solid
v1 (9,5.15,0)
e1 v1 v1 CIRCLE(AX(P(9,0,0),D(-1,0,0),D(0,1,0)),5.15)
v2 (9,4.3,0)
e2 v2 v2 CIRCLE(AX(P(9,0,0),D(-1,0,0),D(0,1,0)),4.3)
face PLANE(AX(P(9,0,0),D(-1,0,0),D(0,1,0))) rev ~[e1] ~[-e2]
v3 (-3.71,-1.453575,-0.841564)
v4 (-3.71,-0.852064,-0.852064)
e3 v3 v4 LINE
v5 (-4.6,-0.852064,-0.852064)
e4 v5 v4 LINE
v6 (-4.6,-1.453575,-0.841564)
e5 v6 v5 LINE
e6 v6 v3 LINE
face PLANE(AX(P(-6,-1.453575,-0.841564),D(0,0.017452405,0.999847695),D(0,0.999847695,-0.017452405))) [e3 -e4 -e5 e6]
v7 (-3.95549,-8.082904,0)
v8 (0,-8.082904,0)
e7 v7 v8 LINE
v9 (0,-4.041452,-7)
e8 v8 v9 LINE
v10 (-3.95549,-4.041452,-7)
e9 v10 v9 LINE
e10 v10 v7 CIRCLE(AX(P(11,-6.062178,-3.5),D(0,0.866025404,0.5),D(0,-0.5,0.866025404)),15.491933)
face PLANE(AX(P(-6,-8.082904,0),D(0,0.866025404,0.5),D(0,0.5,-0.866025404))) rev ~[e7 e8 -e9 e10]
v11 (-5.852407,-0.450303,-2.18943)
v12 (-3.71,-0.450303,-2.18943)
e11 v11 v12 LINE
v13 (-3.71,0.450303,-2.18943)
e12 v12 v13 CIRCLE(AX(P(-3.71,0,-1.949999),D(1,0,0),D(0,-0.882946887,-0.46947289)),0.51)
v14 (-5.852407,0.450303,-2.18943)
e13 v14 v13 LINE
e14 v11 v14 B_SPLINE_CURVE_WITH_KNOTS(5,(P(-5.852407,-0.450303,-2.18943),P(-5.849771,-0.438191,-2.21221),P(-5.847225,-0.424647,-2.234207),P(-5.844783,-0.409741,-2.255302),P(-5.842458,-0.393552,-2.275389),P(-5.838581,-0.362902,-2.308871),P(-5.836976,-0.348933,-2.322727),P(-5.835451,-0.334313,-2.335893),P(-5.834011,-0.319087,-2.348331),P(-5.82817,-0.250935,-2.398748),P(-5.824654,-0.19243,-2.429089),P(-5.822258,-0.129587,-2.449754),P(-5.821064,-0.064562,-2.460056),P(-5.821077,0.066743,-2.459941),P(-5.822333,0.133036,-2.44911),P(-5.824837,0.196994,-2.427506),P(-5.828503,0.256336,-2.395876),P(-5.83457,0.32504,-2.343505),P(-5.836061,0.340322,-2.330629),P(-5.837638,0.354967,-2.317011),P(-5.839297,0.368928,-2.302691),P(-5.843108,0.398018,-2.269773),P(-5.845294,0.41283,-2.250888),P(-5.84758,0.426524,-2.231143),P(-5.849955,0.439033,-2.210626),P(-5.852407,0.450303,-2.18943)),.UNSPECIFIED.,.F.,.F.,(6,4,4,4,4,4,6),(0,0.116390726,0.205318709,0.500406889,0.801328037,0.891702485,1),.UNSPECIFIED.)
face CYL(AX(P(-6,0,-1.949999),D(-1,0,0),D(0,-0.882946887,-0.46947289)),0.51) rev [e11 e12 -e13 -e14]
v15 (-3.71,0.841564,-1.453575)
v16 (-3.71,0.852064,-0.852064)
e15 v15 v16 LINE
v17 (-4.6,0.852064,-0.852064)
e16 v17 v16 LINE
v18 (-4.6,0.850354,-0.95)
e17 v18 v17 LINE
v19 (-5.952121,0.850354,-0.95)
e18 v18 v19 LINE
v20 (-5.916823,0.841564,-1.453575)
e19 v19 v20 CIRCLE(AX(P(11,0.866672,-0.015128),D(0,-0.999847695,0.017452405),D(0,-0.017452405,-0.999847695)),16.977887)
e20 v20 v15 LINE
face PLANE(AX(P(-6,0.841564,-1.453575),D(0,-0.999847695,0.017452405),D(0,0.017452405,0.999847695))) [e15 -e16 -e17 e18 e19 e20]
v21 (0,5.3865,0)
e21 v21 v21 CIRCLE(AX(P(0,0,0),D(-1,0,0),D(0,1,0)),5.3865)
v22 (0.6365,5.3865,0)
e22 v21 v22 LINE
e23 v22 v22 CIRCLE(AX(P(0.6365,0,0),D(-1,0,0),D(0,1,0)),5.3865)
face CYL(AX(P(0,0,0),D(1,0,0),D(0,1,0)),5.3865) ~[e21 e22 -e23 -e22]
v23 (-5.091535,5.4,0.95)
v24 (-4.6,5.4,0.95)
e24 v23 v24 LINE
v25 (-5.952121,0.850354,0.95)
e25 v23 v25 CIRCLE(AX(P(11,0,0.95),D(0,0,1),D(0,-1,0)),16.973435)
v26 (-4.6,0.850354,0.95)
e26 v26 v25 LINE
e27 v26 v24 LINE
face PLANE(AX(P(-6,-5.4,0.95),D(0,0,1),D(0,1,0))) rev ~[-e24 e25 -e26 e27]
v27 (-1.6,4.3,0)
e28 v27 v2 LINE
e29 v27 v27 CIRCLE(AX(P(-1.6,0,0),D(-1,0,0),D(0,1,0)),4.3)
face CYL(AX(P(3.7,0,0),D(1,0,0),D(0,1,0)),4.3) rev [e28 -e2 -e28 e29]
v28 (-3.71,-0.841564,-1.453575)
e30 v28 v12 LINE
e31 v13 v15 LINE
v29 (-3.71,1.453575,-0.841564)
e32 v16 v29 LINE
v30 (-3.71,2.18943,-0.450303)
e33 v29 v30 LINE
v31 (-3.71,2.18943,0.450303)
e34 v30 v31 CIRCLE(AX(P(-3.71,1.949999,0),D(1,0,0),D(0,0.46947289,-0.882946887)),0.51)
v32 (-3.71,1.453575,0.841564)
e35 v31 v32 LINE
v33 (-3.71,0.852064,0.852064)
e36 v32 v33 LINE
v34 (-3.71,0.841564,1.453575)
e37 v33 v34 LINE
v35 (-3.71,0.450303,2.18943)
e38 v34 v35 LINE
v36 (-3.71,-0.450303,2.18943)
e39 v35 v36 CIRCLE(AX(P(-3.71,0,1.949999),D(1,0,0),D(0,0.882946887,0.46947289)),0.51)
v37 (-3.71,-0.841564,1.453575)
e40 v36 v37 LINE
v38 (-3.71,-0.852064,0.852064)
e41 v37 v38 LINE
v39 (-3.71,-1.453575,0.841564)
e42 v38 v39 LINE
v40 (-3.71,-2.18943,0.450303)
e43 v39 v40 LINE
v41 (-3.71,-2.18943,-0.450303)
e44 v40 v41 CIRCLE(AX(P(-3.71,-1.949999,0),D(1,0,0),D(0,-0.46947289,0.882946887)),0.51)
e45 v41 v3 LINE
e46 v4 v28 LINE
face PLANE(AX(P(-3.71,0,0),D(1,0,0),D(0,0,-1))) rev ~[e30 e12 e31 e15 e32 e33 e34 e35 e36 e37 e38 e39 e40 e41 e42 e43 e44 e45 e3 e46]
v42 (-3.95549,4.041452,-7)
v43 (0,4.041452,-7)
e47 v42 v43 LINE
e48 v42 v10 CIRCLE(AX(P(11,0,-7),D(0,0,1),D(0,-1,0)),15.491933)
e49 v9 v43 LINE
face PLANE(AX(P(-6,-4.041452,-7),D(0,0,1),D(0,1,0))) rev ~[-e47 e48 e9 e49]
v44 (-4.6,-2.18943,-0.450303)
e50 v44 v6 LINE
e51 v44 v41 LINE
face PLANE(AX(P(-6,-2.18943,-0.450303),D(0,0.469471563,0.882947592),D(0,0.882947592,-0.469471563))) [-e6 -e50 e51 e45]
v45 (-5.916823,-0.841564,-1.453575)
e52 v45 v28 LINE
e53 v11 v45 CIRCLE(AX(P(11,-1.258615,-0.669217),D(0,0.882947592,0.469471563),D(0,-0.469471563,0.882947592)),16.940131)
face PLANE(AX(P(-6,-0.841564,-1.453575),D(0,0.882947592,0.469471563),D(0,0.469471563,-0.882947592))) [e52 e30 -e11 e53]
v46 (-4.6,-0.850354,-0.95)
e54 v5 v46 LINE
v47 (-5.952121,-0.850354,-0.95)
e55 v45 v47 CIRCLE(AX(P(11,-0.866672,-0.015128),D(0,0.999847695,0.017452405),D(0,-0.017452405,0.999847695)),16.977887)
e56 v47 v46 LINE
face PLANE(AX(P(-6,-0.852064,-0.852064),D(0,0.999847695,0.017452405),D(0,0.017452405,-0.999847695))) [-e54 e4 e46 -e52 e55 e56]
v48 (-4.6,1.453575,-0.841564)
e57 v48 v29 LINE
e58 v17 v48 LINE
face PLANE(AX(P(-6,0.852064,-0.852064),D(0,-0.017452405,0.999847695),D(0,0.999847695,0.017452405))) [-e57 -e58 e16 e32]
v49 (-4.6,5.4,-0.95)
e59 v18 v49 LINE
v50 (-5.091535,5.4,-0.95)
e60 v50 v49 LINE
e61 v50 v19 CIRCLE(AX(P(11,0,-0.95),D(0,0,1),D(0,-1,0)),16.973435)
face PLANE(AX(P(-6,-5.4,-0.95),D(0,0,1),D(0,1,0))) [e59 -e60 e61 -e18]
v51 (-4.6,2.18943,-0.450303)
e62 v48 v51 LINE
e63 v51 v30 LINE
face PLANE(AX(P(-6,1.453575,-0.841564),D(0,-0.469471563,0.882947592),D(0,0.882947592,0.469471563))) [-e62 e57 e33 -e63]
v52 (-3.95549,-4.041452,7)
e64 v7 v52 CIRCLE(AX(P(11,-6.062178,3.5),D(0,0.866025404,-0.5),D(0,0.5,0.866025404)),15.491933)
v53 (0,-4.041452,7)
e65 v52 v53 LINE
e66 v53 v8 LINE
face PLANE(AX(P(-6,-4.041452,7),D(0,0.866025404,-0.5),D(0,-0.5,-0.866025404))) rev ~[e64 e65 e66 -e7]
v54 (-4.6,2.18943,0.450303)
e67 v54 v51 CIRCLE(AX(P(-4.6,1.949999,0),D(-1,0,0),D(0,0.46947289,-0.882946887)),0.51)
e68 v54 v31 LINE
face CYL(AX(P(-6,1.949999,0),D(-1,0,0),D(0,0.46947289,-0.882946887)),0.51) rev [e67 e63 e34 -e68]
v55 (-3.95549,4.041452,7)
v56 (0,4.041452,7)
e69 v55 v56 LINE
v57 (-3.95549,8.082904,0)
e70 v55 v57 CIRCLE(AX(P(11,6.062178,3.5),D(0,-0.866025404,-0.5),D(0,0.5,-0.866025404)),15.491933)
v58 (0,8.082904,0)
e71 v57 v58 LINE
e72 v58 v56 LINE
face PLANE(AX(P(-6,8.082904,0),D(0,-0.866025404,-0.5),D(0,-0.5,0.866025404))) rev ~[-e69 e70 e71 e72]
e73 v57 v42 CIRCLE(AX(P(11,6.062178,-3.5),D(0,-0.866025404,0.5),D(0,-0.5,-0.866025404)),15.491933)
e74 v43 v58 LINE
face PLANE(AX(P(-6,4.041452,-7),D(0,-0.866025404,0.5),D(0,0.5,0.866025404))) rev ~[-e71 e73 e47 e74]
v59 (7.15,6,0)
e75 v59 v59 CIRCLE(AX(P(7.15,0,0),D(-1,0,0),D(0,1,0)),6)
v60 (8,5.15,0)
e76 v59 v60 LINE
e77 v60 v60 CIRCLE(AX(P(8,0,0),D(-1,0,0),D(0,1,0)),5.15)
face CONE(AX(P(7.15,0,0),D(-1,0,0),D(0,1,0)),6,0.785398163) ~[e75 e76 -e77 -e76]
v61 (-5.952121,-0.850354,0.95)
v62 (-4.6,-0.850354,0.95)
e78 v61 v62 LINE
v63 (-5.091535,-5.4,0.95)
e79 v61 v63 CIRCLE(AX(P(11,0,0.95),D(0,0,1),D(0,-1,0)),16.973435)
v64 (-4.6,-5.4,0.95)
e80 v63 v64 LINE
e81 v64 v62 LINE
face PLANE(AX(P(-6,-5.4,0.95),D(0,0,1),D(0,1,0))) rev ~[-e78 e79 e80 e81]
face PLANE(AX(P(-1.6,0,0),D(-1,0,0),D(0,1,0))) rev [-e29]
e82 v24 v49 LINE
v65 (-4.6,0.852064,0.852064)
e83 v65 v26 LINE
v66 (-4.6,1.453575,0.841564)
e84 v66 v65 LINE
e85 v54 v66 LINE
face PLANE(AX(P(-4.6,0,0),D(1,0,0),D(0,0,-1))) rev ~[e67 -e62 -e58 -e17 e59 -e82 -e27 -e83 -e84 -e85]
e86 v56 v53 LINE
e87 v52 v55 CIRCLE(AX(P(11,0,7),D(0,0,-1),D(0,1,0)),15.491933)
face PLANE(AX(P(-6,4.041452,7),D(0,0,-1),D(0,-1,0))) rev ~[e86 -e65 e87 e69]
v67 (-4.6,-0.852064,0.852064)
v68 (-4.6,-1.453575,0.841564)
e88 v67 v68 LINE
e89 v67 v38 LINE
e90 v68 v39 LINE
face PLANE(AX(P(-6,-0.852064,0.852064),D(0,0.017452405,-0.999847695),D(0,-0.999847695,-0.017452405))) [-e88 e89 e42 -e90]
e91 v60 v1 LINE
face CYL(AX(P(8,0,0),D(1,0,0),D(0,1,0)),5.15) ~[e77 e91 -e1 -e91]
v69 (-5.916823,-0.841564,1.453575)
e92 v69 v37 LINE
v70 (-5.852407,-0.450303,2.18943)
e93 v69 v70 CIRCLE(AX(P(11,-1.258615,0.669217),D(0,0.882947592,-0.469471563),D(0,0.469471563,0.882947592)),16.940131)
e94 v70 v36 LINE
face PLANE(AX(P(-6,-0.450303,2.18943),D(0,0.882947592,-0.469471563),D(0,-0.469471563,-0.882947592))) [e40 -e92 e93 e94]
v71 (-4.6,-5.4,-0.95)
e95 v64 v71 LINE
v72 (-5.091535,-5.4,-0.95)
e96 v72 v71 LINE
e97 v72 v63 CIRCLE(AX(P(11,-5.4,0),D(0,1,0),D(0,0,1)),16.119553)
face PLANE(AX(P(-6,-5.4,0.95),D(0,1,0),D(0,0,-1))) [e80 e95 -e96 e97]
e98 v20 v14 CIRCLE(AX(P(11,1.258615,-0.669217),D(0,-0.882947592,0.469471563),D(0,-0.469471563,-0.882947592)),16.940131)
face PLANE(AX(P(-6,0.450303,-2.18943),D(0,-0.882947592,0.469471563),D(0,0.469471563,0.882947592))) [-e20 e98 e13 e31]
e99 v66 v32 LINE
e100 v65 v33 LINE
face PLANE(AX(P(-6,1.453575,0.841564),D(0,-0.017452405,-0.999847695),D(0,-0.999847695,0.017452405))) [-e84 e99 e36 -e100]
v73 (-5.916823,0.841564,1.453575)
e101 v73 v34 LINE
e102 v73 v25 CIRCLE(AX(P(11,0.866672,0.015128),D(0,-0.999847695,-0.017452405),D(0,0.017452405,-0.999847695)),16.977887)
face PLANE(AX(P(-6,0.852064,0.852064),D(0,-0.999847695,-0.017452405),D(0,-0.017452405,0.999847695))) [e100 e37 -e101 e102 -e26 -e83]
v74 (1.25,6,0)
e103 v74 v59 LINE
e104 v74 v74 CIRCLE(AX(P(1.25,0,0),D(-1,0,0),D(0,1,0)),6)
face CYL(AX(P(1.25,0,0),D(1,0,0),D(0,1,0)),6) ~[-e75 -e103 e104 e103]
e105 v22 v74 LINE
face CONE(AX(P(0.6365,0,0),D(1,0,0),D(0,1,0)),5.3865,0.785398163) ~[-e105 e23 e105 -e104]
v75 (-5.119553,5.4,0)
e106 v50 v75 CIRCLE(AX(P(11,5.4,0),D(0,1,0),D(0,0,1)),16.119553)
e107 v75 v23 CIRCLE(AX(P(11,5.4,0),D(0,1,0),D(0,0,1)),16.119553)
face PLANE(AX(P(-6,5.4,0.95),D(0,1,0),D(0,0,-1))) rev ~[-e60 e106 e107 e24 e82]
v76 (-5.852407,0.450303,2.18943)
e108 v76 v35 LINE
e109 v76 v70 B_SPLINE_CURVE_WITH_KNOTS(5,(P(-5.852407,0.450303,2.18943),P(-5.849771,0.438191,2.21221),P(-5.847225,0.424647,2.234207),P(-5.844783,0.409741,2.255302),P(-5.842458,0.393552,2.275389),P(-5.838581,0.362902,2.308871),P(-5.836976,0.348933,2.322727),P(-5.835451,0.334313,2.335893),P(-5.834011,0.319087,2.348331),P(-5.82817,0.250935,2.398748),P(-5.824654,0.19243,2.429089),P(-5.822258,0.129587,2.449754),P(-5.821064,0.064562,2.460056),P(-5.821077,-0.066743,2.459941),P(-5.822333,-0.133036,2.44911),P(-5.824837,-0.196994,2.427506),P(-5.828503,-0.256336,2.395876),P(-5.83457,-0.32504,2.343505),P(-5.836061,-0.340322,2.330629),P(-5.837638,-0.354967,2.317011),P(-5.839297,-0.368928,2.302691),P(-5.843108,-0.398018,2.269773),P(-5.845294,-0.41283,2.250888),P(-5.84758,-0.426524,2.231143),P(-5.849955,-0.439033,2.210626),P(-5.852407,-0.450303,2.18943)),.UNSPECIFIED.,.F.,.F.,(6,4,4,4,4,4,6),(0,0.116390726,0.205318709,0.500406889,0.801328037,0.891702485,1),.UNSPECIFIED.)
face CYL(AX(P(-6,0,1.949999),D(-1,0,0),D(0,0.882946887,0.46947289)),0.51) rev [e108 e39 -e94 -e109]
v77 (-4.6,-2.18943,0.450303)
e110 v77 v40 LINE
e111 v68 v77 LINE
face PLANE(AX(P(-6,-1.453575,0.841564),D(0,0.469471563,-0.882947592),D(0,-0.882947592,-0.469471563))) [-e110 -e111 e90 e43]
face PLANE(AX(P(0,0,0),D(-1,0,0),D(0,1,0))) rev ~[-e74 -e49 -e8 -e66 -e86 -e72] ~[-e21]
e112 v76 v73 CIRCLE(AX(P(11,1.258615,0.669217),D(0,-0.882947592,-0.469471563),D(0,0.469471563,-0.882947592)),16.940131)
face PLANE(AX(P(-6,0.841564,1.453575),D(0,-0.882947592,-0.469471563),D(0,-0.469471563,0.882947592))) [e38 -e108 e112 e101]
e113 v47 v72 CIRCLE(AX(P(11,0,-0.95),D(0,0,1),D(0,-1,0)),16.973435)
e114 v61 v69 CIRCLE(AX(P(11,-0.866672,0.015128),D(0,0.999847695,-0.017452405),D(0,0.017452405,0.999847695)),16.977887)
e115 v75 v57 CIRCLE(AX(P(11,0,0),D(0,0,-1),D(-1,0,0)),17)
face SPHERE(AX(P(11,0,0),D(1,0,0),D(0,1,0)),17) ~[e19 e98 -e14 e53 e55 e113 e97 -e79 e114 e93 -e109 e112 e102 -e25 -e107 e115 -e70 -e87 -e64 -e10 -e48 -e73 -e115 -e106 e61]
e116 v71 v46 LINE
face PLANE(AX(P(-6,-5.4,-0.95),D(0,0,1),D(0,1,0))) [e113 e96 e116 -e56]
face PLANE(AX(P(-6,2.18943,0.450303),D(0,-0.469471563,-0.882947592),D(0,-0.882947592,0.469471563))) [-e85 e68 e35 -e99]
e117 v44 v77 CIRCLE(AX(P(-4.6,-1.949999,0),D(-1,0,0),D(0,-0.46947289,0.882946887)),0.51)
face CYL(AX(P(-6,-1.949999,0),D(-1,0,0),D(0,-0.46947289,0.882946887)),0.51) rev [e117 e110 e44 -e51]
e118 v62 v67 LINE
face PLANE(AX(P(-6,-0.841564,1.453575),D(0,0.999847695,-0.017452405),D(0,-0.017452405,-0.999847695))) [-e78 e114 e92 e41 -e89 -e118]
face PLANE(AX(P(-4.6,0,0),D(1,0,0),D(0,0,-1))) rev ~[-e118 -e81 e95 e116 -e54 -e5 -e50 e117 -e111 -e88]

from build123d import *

# Parameters (mm, degrees)
SKETCH2_W          = 10.6
SKETCH2_H          = 4.3
SKETCH3_W          = 40
SKETCH3_H          = 40
CUT_EXTRUDE1_DEPTH = 6.5
CUT_EXTRUDE2_DEPTH = 2.29
SKETCH5_W          = 1.9
SKETCH5_H          = 10.8
CUT_EXTRUDE3_DEPTH = 1.4


with BuildPart() as part:
    # Sketch1 → Revolve1 (revolve)
    with BuildSketch(Plane.XY):
        with BuildLine():
            Line((-2.490737563, 10), (0, 10))
            Line((0, 10), (0, 5.3865))
            Line((0, 5.3865), (0.6365, 5.3865))
            Line((0.6365, 5.3865), (1.25, 6))
            Line((1.25, 6), (7.15, 6))
            Line((7.15, 6), (8, 5.15))
            Line((8, 5.15), (9, 5.15))
            Line((9, 5.15), (9, 0))
            Line((9, 0), (-6, 0))
            ThreePointArc((-6, 0), (-5.206361598, 5.133599494), (-2.899547792, 9.787878788))
            ThreePointArc((-2.899547792, 9.787878788), (-2.721020656, 9.943812682), (-2.490737563, 10))
        make_face()
    revolve(axis=Axis((9, 0, 0), (-1, 0, 0)))

    # Sketch2 → Cut-Revolve1 (revolve, cut)
    with BuildSketch(Plane.XY):
        with Locations((3.7, 2.15)):
            Rectangle(SKETCH2_W, SKETCH2_H)
    revolve(axis=Axis((9, 0, 0), (-1, 0, 0)), mode=Mode.SUBTRACT)

    # Sketch3 → Cut-Extrude1 (cut)
    with BuildSketch(Plane(origin=(-6, 0, 0), x_dir=(0, 0, -1), z_dir=(1, 0, 0))):
        Rectangle(SKETCH3_W, SKETCH3_H)
        Polygon((-7, -4.041451884), (0, -8.082903769), (7, -4.041451884), (7, 4.041451884), (0, 8.082903769), (-7, 4.041451884), align=None, mode=Mode.SUBTRACT)
    extrude(amount=CUT_EXTRUDE1_DEPTH, mode=Mode.SUBTRACT)

    # Sketch4 → Cut-Extrude2 (cut)
    with BuildSketch(Plane(origin=(-6, 0, 0), x_dir=(0, 0, -1), z_dir=(1, 0, 0))):
        with BuildLine():
            Line((-2.189430305, -0.450302912), (-1.45357474, -0.841564257))
            Line((-1.45357474, -0.841564257), (-0.852063671, -0.852063671))
            Line((-0.852063671, -0.852063671), (-0.841564257, -1.45357474))
            Line((-0.841564257, -1.45357474), (-0.450302912, -2.189430305))
            ThreePointArc((-0.450302912, -2.189430305), (0, -2.459999131), (0.450302912, -2.189430305))
            Line((0.450302912, -2.189430305), (0.841564257, -1.45357474))
            Line((0.841564257, -1.45357474), (0.852063671, -0.852063671))
            Line((0.852063671, -0.852063671), (1.45357474, -0.841564257))
            Line((1.45357474, -0.841564257), (2.189430305, -0.450302912))
            ThreePointArc((2.189430305, -0.450302912), (2.459999131, 0), (2.189430305, 0.450302912))
            Line((2.189430305, 0.450302912), (1.45357474, 0.841564257))
            Line((1.45357474, 0.841564257), (0.852063671, 0.852063671))
            Line((0.852063671, 0.852063671), (0.841564257, 1.45357474))
            Line((0.841564257, 1.45357474), (0.450302912, 2.189430305))
            ThreePointArc((0.450302912, 2.189430305), (0, 2.459999131), (-0.450302912, 2.189430305))
            Line((-0.450302912, 2.189430305), (-0.841564257, 1.45357474))
            Line((-0.841564257, 1.45357474), (-0.852063671, 0.852063671))
            Line((-0.852063671, 0.852063671), (-1.45357474, 0.841564257))
            Line((-1.45357474, 0.841564257), (-2.189430305, 0.450302912))
            ThreePointArc((-2.189430305, 0.450302912), (-2.459999131, 0), (-2.189430305, -0.450302912))
        make_face()
    extrude(amount=CUT_EXTRUDE2_DEPTH, mode=Mode.SUBTRACT)

    # Sketch5 → Cut-Extrude3 (cut)
    with BuildSketch(Plane(origin=(-6, 0, 0), x_dir=(0, 0, -1), z_dir=(1, 0, 0))):
        Rectangle(SKETCH5_W, SKETCH5_H)
    extrude(amount=CUT_EXTRUDE3_DEPTH, mode=Mode.SUBTRACT)


solid = part.part
